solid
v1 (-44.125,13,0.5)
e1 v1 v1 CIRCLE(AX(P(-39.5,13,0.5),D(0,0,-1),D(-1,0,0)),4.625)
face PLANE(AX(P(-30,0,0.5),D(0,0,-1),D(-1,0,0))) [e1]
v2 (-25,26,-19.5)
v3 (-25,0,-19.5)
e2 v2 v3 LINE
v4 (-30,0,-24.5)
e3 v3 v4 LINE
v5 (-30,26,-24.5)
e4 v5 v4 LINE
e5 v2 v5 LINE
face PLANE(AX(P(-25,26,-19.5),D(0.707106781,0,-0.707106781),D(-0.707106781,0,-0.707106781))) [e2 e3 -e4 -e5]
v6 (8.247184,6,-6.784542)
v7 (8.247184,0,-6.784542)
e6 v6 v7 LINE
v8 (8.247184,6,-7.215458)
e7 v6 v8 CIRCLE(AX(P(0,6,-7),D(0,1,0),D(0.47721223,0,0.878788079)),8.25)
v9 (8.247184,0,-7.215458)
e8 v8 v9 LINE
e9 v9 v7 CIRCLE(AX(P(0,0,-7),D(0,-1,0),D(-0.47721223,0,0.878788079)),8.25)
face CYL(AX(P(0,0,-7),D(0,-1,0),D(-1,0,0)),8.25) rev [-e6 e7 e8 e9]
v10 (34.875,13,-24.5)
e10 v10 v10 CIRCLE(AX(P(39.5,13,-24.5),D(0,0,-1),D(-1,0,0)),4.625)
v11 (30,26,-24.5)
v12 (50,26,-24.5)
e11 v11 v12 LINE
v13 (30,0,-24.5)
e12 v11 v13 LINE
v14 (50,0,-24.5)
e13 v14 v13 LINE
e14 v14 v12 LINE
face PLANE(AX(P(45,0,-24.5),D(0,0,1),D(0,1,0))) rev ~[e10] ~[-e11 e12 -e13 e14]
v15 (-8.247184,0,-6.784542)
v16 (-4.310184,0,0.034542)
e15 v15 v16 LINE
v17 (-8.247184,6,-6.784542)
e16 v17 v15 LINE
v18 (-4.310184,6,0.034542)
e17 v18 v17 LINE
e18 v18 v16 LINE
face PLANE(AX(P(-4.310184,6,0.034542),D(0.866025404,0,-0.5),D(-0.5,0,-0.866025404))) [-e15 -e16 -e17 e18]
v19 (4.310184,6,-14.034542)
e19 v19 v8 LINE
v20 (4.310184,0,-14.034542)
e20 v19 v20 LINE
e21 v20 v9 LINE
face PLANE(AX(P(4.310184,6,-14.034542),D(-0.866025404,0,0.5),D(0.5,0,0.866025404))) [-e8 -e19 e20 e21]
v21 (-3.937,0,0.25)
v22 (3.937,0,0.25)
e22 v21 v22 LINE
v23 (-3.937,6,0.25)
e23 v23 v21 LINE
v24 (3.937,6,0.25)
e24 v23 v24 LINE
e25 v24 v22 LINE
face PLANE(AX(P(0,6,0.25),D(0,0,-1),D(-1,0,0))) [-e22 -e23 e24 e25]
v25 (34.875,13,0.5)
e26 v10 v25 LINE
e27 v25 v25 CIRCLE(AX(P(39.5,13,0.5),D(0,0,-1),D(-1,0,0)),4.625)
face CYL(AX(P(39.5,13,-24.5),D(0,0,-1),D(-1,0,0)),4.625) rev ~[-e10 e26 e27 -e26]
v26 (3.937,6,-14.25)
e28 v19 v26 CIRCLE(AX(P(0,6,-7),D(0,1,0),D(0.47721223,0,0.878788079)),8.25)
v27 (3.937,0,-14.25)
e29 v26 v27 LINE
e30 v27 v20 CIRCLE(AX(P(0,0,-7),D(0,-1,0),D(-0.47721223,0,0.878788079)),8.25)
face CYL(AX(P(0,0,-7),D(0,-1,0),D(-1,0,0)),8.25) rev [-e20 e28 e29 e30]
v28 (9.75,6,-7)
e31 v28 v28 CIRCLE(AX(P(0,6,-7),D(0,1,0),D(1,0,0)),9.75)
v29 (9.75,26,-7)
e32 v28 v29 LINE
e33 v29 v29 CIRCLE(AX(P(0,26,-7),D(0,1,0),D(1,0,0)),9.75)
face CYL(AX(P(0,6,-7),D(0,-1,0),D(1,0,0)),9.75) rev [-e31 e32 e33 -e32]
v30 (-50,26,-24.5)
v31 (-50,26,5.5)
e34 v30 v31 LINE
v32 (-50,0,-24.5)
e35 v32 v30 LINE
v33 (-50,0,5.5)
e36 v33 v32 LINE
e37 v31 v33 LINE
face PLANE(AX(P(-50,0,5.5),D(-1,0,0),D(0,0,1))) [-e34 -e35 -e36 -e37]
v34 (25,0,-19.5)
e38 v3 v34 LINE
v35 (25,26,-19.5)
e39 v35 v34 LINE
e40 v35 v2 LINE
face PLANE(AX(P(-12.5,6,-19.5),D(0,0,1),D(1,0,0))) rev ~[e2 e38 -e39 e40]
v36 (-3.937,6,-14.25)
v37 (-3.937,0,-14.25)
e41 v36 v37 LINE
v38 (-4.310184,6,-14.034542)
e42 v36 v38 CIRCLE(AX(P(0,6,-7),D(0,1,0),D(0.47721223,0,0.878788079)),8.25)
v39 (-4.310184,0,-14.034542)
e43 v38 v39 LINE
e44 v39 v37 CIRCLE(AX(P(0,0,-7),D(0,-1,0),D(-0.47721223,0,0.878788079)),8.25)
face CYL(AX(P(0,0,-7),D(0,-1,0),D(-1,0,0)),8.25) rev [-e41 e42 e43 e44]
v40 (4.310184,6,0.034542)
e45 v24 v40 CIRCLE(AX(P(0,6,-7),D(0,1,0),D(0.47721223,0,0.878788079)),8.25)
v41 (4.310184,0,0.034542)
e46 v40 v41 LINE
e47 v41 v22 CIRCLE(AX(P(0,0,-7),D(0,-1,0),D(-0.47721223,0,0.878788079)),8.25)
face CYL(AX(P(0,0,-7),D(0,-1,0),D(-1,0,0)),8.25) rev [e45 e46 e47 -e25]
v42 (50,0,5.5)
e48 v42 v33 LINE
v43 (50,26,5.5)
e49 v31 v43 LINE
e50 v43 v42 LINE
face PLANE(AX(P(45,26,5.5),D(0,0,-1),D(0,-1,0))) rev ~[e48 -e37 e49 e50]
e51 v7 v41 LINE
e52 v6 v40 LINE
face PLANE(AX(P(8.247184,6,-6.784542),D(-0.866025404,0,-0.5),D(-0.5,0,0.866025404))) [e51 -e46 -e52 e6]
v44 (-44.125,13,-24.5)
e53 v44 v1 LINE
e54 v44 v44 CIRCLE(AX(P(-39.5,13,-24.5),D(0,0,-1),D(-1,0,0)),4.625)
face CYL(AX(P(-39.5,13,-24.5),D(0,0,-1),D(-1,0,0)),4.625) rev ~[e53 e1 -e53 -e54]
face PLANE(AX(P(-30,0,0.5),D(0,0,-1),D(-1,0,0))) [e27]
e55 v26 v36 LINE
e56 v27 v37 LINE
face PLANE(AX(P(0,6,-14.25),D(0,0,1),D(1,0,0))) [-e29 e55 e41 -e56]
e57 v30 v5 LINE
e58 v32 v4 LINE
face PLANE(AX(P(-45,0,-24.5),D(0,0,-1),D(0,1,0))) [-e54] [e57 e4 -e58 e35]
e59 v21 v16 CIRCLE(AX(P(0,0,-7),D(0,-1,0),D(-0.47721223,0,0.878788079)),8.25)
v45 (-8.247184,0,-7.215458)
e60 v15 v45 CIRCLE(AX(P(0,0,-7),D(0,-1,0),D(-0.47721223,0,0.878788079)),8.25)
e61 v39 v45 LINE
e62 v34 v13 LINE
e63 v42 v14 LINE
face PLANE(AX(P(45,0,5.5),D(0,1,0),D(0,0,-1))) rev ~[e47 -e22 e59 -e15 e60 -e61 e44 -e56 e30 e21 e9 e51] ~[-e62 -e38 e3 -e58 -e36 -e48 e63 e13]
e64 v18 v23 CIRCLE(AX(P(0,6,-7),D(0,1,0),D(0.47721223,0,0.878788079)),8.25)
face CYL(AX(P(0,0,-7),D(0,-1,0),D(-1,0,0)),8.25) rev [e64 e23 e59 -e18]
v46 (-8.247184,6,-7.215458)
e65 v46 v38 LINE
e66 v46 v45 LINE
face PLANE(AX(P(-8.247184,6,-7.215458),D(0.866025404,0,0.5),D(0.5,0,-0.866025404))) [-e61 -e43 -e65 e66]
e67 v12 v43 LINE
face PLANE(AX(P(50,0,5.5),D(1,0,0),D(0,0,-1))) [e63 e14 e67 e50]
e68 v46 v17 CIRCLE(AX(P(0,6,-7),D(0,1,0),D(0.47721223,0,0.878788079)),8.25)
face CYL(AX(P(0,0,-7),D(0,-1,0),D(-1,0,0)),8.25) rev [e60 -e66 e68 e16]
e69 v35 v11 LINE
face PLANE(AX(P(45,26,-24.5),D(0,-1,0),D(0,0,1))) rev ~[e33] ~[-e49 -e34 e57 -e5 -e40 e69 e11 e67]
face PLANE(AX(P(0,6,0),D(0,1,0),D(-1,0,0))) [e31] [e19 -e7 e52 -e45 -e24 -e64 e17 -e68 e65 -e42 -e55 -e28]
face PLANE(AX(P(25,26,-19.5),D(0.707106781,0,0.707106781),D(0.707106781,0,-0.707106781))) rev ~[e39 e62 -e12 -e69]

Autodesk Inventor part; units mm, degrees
ref_plane "YZ Plane" through (0, 0, 0) normal (1, 0, 0) x (0, 1, 0)
ref_plane "XZ Plane" through (0, 0, 0) normal (0, 1, 0) x (-1, 0, 0)
ref_plane "XY Plane" through (0, 0, 0) normal (0, 0, 1) x (1, 0, 0)
sketch "Sketch1" plane through (0, 0, 0) normal (0, 1, 0) x (-1, 0, 0)
  line L0 (0, 0) -> (0, -14)
  circle A0 centre (0, -7) radius 8.25
  circle A1 centre (0, -7) radius 10.5
  dimension "d0" = 14
  dimension "d1" = 16.5
  dimension "d2" = 21
extrude "Extrusion1" add sketch "Sketch1" along normal blind 6
sketch "Sketch2" plane through (0, 6, -7) normal (0, 1, 0) x (1, 0, 0)
  line L0 (10.5, -10.5) -> (-10.5, -10.5)
  line L1 (-10.5, -10.5) -> (-10.5, 10.5)
  line L2 (-10.5, 10.5) -> (10.5, 10.5)
  line L3 (10.5, 10.5) -> (10.5, -10.5)
  line L4 (10.5, -10.5) -> (-10.5, 10.5) construction
  line L5 (-10.5, -10.5) -> (10.5, 10.5) construction
  circle A0 centre (0, 0) radius 10.5
  point P0 (0, -7)
extrude "Extrusion2" add sketch "Sketch2" against normal blind 6 contours L0 A0 L3 | L0 L1 A0 | A0 L2 L3 | L1 L2 A0
sketch "Sketch4" plane through (0, 6, 0) normal (0, 1, 0) x (1, 0, 0)
  circle A0 centre (0, 7) radius 8.25 projected
  line L0 (0, 7) -> (0, -0.25)
  line L1 (0, -0.25) -> (-3.937, -0.25)
  line L2 (3.937, -0.25) -> (-3.937, -0.25)
  point P0 (0, 0)
  dimension "d14" = 7.25
extrude "Extrusion4" add sketch "Sketch4" against normal blind 6 contours L1 L2 A0 picked at (1.9893, -0.4987)
pattern_circular "Circular Pattern2" count 6 over 360 about axis through (0, 0, -7) along (0, 1, 0) of "Extrusion4"
sketch "Sketch5" plane through (0, 6, 0) normal (0, 1, 0) x (1, 0, 0)
  line L0 (-4.3102, -0.0345) -> (-8.2472, 6.7845) projected
  line L1 (-6.2787, 3.375) -> (6.2787, 10.625)
  line L2 (4.3102, 14.0345) -> (8.2472, 7.2155) projected
  line L3 (8.2472, 6.7845) -> (4.3102, -0.0345) projected
  line L4 (6.2787, 3.375) -> (-6.2787, 10.625)
  line L5 (-4.3102, 14.0345) -> (-8.2472, 7.2155) projected
  line L6 (3.937, 14.25) -> (-3.937, 14.25) projected
  line L7 (0, 14.25) -> (0, -0.25)
  line L8 (3.937, -0.25) -> (-3.937, -0.25) projected
  circle A0 centre (0, 7) radius 9.75
  line L9 (12.5, 19.5) -> (-12.5, 19.5)
  line L10 (-12.5, 19.5) -> (-12.5, -5.5)
  line L11 (-12.5, -5.5) -> (12.5, -5.5)
  line L12 (12.5, -5.5) -> (12.5, 19.5)
  line L13 (12.5, 19.5) -> (-12.5, -5.5) construction
  line L14 (-12.5, 19.5) -> (12.5, -5.5) construction
  point P0 (0, 0)
  dimension "d20" = 19.5
  dimension "d21" = 25
  dimension "d22" = 25
extrude "Extrusion5" add sketch "Sketch5" along normal blind 20
sketch "Sketch6" plane through (0, 6, 0) normal (0, -1, 0) x (1, 0, 0)
  line L0 (-10.5, -17.5) -> (10.5, -17.5)
  line L1 (10.5, -17.5) -> (10.5, 3.5)
  line L2 (10.5, 3.5) -> (-10.5, 3.5)
  line L3 (-10.5, 3.5) -> (-10.5, -17.5)
  circle A0 centre (0, -7) radius 9.75 projected
  line L4 (-10.5, -17.5) -> (10.5, 3.5) construction
  line L5 (10.5, -17.5) -> (-10.5, 3.5) construction
  line L6 (-12.5, -19.5) -> (12.5, -19.5)
  line L7 (12.5, -19.5) -> (12.5, 5.5)
  line L8 (12.5, 5.5) -> (-12.5, 5.5)
  line L9 (-12.5, 5.5) -> (-12.5, -19.5)
  line L10 (-12.5, -19.5) -> (12.5, 5.5) construction
  line L11 (12.5, -19.5) -> (-12.5, 5.5) construction
  point P0 (0, 0)
extrude "Extrusion6" add sketch "Sketch6" along normal blind 6 contours L9 L8 L7 L6
sketch "Sketch8" plane through (-12.5, 26, 5.5) normal (0, 0, 1) x (1, 0, 0)
  line L0 (0, 0) -> (25, 0)
  line L1 (0, 0) -> (-17.5, 0)
  line L2 (25, 0) -> (42.5, 0)
  line L3 (0, 0) -> (-17.5, 0)
  line L4 (-17.5, 0) -> (-17.5, -26)
  line L5 (-17.5, -26) -> (0, -26)
  line L6 (0, -26) -> (0, 0)
  line L7 (25, 0) -> (42.5, 0)
  line L8 (42.5, 0) -> (42.5, -26)
  line L9 (42.5, -26) -> (25, -26)
  line L10 (25, -26) -> (25, 0)
  point P0 (12.5, -26)
  dimension "d27" = 17.5
  dimension "d28" = 17.5
extrude "Extrusion7" add sketch "Sketch8" against normal blind 25
sketch "Sketch9" plane through (-30, 0, 5.5) normal (0, 0, 1) x (1, 0, 0)
  line L0 (0, 26) -> (-15, 26)
  line L1 (-15, 26) -> (-15, 0)
  line L2 (-15, 0) -> (0, 0)
  line L3 (0, 0) -> (0, 26)
  line L4 (60, 26) -> (75, 26)
  line L5 (75, 26) -> (75, 0)
  line L6 (75, 0) -> (60, 0)
  line L7 (60, 0) -> (60, 26)
  point P0 (30, 0)
  dimension "d31" = 15
  dimension "d32" = 15
extrude "Extrusion8" add sketch "Sketch9" against normal blind 61.25
sketch "Sketch10" plane through (-45, 0, 5.5) normal (-1, 0, 0) x (0, 0, 1)
  line L0 (-61.25, 0) -> (-61.25, 26) projected
  line L1 (-61.25, 13) -> (-35, 13)
  circle A0 centre (-48.125, 13) radius 4.125
  point P0 (-5.5, 0)
  dimension "d35" = 26.25
  dimension "d36" = 8.25
extrude "Extrusion9" cut sketch "Sketch10" against normal through all
sketch "Sketch11" plane through (0, 26, 0) normal (0, 1, 0) x (1, 0, 0)
  line L0 (30, 19.5) -> (30, 24.5)
  line L1 (30, 19.5) -> (30, 55.75) projected
  line L2 (30, 19.5) -> (25, 19.5)
  line L3 (25, 19.5) -> (30, 24.5)
  line L4 (-30, 19.5) -> (-30, 24.5)
  line L5 (-30, 19.5) -> (-30, 55.75) projected
  line L6 (-30, 19.5) -> (-25, 19.5)
  line L7 (30, 19.5) -> (-30, 19.5) projected
  line L8 (-25, 19.5) -> (-30, 24.5)
  point P0 (0, 0)
  dimension "d39" = 5
  dimension "d40" = 5
  dimension "d41" = 5
  dimension "d42" = 5
extrude "Extrusion10" add sketch "Sketch11" against normal blind 26
sketch "Sketch12" plane through (0, 26, 0) normal (0, 1, 0) x (1, 0, 0)
  line L0 (-45, -5.5) -> (-45, 55.75) projected
  line L1 (45, -5.5) -> (-45, -5.5)
  line L2 (-45, -5.5) -> (-45, 24.5)
  line L3 (-45, 24.5) -> (45, 24.5)
  line L4 (45, 24.5) -> (45, -5.5)
  point P0 (0, 0)
sketch "Sketch13" plane through (0, 26, 0) normal (0, 1, 0) x (1, 0, 0)
  line L0 (45, -5.5) -> (45, 55.75) projected
  line L1 (45, 24.5) -> (-45, 24.5)
  line L2 (-45, 24.5) -> (-45, 55.75)
  line L3 (-45, 55.75) -> (45, 55.75)
  line L4 (45, 55.75) -> (45, 24.5)
  point P0 (0, 0)
extrude "Extrusion11" cut sketch "Sketch13" against normal through all
sketch "Sketch15" plane through (-45, 0, 5.5) normal (-1, 0, 0) x (0, 0, 1)
  line L0 (0, 0) -> (-30, 0)
  line L1 (-30, 0) -> (-30, 26)
  line L2 (-30, 26) -> (0, 26)
  line L3 (0, 26) -> (0, 0)
  point P0 (-5.5, 0)
extrude "Extrusion13" add sketch "Sketch15" along normal blind 5
sketch "Sketch16" plane through (45, 0, 5.5) normal (1, 0, 0) x (0, 0, -1)
  line L0 (30, 26) -> (0, 26)
  line L1 (0, 26) -> (0, 0)
  line L2 (0, 0) -> (30, 0)
  line L3 (30, 0) -> (30, 26)
  point P0 (5.5, 0)
extrude "Extrusion14" add sketch "Sketch16" along normal blind 5
sketch "Sketch17" plane through (-30, 0, -24.5) normal (0, 0, -1) x (-1, 0, 0)
  line L0 (20, 26) -> (20, 0) projected
  line L1 (20, 13) -> (15, 13)
  line L2 (0, 26) -> (0, 0) projected
  circle A0 centre (9.5, 13) radius 4.625
  line L3 (-80, 0) -> (-80, 26) projected
  line L4 (-80, 13) -> (-75, 13)
  line L5 (-60, 0) -> (-60, 26) projected
  line L6 (-67.5, 13) -> (-69.5, 13)
  circle A1 centre (-69.5, 13) radius 4.625
  point P0 (-30, 0)
  dimension "d55" = 5
  dimension "d58" = 9.25
  dimension "d59" = 5
  dimension "d61" = 2
  dimension "d62" = 9.25
extrude "Extrusion15" cut sketch "Sketch17" against normal blind 25
sketch "Sketch18" plane through (0, 26, 0) normal (0, 1, 0) x (1, 0, 0)
  point P0 (0, 0)
sketch "Sketch19" plane through (0, 26, 0) normal (0, 1, 0) x (1, 0, 0)
  point P0 (0, 0)
properties part number "FretterMountTop"
